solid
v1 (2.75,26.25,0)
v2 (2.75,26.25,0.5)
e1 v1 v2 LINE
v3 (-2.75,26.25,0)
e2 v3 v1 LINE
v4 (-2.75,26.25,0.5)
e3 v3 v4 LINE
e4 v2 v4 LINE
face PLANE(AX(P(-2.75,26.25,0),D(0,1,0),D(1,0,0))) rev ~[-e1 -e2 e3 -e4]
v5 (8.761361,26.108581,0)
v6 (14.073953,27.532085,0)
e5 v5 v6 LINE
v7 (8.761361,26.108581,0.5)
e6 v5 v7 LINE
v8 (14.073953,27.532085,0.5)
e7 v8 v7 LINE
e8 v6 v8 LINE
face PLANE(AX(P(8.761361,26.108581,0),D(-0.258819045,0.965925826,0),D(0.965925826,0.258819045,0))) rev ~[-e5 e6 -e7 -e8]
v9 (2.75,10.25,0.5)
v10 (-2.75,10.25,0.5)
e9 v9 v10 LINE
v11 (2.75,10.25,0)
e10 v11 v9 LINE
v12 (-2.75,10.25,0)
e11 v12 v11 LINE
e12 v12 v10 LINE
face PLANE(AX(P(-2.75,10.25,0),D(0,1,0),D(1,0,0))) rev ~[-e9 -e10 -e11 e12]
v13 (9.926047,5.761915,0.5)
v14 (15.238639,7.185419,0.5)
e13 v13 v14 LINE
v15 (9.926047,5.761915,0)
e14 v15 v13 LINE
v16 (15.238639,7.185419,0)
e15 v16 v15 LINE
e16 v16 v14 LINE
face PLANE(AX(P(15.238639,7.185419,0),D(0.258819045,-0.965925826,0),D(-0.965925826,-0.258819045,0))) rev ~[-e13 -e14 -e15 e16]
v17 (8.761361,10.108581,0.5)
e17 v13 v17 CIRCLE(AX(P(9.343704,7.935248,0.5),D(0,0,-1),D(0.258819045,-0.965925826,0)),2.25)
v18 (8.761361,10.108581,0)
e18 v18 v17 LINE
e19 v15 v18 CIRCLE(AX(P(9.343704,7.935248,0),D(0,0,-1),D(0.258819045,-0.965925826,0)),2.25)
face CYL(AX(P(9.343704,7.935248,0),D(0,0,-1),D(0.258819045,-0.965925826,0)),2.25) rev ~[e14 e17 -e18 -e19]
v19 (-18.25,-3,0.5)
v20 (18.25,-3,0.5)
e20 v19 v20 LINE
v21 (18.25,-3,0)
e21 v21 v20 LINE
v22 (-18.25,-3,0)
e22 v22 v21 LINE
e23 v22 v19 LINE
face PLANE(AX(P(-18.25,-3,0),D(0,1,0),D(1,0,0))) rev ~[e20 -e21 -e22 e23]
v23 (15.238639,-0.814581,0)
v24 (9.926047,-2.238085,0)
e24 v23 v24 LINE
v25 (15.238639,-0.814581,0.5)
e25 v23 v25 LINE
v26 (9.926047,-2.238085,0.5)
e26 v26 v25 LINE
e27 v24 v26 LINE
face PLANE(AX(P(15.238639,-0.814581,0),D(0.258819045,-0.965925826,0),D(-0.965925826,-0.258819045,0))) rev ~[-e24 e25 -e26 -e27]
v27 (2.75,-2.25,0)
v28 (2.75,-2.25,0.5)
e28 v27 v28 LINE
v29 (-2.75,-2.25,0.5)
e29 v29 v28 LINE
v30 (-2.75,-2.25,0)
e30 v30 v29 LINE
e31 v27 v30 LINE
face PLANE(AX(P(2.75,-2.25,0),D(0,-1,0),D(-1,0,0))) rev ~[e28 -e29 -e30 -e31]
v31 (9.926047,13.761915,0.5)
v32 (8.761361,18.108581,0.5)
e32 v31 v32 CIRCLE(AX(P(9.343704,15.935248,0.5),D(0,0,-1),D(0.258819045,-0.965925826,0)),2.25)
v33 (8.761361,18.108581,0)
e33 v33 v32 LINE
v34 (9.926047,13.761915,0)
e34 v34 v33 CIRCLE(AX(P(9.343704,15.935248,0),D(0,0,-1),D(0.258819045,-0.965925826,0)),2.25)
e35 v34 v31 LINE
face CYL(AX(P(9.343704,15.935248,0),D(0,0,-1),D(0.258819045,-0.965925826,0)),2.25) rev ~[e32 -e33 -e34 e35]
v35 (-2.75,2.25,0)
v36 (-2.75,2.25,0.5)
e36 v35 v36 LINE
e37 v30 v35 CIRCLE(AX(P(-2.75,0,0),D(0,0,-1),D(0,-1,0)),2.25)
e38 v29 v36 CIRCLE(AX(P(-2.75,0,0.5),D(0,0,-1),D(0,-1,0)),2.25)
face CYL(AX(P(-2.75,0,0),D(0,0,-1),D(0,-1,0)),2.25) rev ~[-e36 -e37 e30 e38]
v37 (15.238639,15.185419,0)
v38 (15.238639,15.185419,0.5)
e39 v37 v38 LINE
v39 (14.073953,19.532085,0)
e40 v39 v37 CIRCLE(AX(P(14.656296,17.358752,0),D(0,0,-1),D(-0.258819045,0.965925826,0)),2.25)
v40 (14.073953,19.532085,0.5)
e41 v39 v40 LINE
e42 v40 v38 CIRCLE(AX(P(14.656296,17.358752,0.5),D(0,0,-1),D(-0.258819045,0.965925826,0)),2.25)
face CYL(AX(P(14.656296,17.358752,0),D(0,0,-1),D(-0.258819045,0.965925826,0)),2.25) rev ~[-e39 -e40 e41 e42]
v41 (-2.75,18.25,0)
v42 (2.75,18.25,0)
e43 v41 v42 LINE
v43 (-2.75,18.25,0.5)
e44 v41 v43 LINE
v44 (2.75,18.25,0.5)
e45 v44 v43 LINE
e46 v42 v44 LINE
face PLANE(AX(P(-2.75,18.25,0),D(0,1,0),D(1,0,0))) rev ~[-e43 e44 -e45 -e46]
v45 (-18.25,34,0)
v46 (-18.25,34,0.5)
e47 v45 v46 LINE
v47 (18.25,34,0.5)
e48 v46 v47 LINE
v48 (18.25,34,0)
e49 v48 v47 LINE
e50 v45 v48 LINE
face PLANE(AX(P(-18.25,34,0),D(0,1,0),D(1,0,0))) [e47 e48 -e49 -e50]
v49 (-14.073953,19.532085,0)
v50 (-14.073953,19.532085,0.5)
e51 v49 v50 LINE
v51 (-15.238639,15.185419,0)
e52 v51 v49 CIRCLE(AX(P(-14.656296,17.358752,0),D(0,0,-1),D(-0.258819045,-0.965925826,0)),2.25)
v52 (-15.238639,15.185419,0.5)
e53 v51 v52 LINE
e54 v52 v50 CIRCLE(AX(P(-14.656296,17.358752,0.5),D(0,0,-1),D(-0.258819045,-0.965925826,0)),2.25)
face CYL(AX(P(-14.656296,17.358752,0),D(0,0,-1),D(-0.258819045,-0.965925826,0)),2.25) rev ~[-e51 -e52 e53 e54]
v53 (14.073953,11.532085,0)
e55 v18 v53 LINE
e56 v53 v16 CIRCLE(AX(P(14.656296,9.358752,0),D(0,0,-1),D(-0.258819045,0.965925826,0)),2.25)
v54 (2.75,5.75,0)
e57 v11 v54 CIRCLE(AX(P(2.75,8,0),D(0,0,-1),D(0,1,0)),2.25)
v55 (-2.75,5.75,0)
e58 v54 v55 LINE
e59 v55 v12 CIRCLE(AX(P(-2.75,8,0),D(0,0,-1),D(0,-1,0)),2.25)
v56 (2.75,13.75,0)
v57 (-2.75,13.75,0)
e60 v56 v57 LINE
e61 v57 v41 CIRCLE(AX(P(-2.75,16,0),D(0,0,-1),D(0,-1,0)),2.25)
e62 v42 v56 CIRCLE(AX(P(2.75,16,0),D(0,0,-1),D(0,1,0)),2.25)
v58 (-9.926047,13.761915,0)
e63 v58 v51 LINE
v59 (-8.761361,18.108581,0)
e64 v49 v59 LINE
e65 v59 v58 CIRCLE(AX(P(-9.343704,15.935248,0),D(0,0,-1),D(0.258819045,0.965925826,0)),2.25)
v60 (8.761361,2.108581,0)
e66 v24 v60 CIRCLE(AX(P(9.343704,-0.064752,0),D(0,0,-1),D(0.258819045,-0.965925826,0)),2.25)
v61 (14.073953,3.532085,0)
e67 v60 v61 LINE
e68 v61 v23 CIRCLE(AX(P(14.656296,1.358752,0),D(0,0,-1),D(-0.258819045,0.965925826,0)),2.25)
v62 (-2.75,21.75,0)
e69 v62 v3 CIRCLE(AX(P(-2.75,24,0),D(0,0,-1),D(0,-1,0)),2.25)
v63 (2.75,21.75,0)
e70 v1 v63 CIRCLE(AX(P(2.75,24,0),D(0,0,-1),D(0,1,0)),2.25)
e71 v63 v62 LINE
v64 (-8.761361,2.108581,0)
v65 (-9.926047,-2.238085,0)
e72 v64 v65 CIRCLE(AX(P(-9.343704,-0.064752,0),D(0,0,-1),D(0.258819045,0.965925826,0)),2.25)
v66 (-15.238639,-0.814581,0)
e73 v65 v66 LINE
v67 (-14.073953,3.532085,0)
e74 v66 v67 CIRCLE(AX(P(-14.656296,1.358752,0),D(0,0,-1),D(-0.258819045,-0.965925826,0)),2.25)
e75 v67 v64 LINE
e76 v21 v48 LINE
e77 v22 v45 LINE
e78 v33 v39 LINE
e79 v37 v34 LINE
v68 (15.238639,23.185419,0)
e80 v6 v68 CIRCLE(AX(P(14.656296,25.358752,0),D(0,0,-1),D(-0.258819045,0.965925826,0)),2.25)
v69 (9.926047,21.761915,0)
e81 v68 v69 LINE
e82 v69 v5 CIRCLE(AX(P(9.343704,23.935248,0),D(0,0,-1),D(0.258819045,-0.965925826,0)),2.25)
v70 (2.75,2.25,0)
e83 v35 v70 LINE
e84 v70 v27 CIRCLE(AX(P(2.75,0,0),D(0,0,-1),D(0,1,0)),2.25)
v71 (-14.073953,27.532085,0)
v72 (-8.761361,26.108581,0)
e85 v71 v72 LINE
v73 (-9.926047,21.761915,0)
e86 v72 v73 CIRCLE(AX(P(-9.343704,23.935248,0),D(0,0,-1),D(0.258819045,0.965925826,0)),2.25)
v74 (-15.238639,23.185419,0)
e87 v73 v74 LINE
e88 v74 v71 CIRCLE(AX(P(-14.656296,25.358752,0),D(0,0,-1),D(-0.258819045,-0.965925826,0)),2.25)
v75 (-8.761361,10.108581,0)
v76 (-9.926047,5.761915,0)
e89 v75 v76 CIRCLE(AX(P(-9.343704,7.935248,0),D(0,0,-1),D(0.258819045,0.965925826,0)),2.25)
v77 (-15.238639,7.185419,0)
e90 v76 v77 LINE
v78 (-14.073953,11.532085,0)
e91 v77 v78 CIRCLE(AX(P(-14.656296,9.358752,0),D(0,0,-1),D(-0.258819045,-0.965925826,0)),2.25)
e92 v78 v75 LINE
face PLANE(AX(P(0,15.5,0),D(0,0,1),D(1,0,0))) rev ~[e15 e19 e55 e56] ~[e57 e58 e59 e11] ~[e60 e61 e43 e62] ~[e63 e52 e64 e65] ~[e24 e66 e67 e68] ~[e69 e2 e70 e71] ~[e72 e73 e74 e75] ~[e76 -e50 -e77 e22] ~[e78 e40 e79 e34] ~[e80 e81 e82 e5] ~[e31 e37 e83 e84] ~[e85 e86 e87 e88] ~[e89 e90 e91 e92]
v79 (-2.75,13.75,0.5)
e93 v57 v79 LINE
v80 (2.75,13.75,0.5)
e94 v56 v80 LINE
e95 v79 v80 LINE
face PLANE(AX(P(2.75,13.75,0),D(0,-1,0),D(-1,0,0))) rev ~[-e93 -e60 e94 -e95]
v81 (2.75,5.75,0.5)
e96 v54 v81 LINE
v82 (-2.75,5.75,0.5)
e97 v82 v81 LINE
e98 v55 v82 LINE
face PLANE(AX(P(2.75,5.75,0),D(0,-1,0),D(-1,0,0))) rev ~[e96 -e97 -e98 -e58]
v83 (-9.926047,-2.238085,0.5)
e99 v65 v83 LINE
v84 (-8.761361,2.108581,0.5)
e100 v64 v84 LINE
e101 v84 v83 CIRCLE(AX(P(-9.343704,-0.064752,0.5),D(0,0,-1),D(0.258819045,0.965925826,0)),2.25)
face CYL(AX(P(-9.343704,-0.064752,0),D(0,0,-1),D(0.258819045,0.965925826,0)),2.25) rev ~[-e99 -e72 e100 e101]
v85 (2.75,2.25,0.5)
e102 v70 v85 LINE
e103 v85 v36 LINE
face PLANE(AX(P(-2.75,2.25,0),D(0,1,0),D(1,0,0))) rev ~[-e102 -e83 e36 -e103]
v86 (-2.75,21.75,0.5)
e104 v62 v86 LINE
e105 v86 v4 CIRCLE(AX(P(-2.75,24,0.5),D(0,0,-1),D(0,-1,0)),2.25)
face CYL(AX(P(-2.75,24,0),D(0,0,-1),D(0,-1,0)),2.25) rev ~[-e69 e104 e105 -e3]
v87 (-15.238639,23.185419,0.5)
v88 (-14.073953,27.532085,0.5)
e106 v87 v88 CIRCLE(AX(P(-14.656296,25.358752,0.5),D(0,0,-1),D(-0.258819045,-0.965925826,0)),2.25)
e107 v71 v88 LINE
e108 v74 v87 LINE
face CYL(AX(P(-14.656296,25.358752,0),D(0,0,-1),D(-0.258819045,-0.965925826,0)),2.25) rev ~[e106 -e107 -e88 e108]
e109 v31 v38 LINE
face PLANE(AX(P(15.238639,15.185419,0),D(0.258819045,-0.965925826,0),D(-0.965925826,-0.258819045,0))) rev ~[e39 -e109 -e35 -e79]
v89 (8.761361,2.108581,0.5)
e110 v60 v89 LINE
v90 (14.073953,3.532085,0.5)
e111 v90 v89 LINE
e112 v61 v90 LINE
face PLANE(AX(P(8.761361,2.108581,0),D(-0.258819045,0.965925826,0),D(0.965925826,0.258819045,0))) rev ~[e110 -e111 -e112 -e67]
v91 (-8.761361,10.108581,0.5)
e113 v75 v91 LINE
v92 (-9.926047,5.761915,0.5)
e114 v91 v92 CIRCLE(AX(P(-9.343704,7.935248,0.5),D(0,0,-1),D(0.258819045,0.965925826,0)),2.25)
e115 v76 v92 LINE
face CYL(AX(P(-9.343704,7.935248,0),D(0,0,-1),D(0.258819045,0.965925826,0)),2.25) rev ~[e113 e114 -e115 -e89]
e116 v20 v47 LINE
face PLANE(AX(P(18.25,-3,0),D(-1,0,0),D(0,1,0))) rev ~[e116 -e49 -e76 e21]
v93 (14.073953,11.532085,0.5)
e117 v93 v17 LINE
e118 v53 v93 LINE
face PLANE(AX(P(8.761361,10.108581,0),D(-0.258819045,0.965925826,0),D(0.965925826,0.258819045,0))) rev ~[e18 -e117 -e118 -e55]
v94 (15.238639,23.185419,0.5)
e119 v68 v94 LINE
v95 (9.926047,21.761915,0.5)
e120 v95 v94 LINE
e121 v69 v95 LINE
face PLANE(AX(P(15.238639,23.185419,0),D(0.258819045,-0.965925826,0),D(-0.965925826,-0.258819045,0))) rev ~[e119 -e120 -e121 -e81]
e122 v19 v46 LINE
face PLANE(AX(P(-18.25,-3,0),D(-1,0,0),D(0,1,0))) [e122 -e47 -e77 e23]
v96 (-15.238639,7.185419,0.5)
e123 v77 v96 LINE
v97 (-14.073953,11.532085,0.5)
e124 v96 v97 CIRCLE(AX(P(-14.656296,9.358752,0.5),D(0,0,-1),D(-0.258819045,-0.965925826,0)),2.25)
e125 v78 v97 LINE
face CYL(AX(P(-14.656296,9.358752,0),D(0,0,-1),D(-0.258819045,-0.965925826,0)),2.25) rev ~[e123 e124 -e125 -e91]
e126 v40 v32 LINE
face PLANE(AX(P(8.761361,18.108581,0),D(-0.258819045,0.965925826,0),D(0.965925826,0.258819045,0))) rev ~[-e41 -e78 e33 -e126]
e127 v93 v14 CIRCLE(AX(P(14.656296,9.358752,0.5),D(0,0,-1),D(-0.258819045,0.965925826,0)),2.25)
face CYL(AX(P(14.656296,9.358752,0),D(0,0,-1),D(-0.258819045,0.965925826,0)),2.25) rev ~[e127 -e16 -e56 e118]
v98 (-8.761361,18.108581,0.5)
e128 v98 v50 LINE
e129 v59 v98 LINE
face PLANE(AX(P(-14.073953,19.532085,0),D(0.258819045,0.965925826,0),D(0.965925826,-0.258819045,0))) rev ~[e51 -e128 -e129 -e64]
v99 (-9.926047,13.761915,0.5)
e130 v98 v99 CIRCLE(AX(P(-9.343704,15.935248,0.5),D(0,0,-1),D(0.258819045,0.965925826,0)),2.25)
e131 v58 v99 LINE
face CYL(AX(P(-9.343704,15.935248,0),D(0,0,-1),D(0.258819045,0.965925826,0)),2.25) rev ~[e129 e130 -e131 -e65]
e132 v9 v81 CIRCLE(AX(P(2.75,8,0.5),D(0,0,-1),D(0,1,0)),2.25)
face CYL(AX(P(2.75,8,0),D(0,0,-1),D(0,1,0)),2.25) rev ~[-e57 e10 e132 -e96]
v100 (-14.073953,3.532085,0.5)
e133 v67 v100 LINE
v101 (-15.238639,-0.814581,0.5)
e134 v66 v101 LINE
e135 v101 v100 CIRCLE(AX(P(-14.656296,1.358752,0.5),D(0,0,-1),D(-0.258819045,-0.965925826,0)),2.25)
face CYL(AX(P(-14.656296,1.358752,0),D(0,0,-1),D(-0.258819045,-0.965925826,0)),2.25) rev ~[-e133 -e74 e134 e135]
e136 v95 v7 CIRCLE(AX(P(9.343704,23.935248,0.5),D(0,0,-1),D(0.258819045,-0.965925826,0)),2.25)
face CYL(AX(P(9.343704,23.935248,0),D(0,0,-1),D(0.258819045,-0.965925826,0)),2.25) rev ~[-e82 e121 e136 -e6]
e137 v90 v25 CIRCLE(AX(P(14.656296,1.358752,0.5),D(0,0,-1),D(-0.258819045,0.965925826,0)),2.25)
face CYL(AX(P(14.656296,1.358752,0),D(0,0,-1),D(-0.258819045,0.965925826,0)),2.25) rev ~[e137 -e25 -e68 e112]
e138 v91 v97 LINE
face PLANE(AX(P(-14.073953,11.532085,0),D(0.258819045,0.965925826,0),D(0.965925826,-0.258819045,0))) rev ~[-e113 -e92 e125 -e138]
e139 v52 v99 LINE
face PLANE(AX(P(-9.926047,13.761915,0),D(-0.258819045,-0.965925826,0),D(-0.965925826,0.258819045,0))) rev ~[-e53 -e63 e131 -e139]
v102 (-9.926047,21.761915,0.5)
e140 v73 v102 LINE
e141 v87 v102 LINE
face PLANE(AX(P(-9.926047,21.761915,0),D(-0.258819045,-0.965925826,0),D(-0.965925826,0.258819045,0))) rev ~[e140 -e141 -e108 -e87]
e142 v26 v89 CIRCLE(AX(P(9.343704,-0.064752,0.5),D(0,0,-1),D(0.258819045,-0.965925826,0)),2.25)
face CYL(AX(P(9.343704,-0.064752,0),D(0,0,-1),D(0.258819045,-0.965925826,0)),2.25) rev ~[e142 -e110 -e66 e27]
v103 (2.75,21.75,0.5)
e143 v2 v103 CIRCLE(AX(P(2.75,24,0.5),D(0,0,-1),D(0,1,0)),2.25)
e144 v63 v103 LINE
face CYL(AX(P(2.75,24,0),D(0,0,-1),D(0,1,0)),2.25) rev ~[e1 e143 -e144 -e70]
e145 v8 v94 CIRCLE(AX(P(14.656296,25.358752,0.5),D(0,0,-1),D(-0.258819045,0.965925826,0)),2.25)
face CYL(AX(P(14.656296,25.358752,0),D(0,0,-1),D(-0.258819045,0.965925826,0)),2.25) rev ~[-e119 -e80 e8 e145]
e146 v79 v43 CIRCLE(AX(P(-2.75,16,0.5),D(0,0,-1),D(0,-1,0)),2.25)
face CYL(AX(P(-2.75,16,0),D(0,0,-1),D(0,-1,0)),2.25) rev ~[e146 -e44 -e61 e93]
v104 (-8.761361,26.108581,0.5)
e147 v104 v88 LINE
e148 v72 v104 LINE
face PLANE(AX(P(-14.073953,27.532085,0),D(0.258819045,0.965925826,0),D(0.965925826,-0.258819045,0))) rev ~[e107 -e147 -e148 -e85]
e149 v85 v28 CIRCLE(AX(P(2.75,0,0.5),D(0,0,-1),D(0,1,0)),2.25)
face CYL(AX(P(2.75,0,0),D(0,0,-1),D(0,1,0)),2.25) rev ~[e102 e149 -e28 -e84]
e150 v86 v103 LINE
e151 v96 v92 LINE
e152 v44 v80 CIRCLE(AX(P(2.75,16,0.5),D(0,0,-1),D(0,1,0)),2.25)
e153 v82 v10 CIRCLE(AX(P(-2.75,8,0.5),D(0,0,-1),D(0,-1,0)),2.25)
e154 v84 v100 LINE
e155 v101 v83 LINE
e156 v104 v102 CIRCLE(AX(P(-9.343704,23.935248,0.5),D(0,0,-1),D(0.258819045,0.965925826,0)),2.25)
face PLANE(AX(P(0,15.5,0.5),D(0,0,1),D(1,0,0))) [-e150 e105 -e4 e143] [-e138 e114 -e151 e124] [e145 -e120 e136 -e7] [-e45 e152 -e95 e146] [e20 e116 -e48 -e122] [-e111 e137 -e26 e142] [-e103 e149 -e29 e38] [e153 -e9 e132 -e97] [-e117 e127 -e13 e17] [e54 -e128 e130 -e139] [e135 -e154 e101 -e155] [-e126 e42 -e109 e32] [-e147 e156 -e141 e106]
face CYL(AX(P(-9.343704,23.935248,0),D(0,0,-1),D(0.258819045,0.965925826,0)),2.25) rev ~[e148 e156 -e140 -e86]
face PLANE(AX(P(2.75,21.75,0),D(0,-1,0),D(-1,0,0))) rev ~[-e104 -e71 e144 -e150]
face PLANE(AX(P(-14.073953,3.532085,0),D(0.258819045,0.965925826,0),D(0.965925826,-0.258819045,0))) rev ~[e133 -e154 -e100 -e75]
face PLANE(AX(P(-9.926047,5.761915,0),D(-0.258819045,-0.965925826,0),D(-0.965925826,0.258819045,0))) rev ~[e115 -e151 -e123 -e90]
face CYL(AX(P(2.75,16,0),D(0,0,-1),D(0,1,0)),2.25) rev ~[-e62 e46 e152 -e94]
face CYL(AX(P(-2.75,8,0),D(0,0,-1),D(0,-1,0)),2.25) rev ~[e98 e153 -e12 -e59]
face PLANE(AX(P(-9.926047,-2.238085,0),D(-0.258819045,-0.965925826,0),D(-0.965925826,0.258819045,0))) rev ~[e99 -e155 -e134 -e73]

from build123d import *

# Parameters (mm, degrees)
SKETCH1_W          = 36.5
SKETCH1_H          = 37
EXTRUDE1_DEPTH     = 0.5
CUT_EXTRUDE1_DEPTH = 39.591611783
LPATTERN1_COUNT    = 4
LPATTERN1_PITCH    = 8


with BuildPart() as part:
    # Sketch1 → Extrude1 (new body)
    with BuildSketch(Plane.XY):
        with Locations((0, 15.5)):
            Rectangle(SKETCH1_W, SKETCH1_H)
    extrude(amount=EXTRUDE1_DEPTH)

    # Sketch2 → Cut-Extrude1 (cut, through all)
    with BuildSketch(Plane(origin=(0, 0, 0), x_dir=(-1, 0, 0), z_dir=(0, 0, -1))):
        with BuildLine():
            Line((-15.238638874, 23.185419265), (-9.926046829, 21.761914517))
            ThreePointArc((-9.926046829, 21.761914517), (-7.170370869, 23.352904774), (-8.761361126, 26.108580735))
            Line((-8.761361126, 26.108580735), (-14.073953171, 27.532085483))
            ThreePointArc((-14.073953171, 27.532085483), (-16.829629131, 25.941095226), (-15.238638874, 23.185419265))
        make_face()
        with BuildLine():
            Line((-2.75, 21.75), (2.75, 21.75))
            ThreePointArc((2.75, 21.75), (5, 24), (2.75, 26.25))
            Line((2.75, 26.25), (-2.75, 26.25))
            ThreePointArc((-2.75, 26.25), (-5, 24), (-2.75, 21.75))
        make_face()
        with BuildLine():
            Line((9.926046829, 21.761914517), (15.238638874, 23.185419265))
            ThreePointArc((15.238638874, 23.185419265), (16.829629131, 25.941095226), (14.073953171, 27.532085483))
            Line((14.073953171, 27.532085483), (8.761361126, 26.108580735))
            ThreePointArc((8.761361126, 26.108580735), (7.170370869, 23.352904774), (9.926046829, 21.761914517))
        make_face()
    cut_extrude1 = extrude(amount=-CUT_EXTRUDE1_DEPTH, mode=Mode.SUBTRACT)

    # LPattern1: Cut-Extrude1 ×4
    with Locations(*[(0, -i * LPATTERN1_PITCH, 0) for i in range(1, LPATTERN1_COUNT)]):
        add(cut_extrude1, mode=Mode.SUBTRACT)


solid = part.part
